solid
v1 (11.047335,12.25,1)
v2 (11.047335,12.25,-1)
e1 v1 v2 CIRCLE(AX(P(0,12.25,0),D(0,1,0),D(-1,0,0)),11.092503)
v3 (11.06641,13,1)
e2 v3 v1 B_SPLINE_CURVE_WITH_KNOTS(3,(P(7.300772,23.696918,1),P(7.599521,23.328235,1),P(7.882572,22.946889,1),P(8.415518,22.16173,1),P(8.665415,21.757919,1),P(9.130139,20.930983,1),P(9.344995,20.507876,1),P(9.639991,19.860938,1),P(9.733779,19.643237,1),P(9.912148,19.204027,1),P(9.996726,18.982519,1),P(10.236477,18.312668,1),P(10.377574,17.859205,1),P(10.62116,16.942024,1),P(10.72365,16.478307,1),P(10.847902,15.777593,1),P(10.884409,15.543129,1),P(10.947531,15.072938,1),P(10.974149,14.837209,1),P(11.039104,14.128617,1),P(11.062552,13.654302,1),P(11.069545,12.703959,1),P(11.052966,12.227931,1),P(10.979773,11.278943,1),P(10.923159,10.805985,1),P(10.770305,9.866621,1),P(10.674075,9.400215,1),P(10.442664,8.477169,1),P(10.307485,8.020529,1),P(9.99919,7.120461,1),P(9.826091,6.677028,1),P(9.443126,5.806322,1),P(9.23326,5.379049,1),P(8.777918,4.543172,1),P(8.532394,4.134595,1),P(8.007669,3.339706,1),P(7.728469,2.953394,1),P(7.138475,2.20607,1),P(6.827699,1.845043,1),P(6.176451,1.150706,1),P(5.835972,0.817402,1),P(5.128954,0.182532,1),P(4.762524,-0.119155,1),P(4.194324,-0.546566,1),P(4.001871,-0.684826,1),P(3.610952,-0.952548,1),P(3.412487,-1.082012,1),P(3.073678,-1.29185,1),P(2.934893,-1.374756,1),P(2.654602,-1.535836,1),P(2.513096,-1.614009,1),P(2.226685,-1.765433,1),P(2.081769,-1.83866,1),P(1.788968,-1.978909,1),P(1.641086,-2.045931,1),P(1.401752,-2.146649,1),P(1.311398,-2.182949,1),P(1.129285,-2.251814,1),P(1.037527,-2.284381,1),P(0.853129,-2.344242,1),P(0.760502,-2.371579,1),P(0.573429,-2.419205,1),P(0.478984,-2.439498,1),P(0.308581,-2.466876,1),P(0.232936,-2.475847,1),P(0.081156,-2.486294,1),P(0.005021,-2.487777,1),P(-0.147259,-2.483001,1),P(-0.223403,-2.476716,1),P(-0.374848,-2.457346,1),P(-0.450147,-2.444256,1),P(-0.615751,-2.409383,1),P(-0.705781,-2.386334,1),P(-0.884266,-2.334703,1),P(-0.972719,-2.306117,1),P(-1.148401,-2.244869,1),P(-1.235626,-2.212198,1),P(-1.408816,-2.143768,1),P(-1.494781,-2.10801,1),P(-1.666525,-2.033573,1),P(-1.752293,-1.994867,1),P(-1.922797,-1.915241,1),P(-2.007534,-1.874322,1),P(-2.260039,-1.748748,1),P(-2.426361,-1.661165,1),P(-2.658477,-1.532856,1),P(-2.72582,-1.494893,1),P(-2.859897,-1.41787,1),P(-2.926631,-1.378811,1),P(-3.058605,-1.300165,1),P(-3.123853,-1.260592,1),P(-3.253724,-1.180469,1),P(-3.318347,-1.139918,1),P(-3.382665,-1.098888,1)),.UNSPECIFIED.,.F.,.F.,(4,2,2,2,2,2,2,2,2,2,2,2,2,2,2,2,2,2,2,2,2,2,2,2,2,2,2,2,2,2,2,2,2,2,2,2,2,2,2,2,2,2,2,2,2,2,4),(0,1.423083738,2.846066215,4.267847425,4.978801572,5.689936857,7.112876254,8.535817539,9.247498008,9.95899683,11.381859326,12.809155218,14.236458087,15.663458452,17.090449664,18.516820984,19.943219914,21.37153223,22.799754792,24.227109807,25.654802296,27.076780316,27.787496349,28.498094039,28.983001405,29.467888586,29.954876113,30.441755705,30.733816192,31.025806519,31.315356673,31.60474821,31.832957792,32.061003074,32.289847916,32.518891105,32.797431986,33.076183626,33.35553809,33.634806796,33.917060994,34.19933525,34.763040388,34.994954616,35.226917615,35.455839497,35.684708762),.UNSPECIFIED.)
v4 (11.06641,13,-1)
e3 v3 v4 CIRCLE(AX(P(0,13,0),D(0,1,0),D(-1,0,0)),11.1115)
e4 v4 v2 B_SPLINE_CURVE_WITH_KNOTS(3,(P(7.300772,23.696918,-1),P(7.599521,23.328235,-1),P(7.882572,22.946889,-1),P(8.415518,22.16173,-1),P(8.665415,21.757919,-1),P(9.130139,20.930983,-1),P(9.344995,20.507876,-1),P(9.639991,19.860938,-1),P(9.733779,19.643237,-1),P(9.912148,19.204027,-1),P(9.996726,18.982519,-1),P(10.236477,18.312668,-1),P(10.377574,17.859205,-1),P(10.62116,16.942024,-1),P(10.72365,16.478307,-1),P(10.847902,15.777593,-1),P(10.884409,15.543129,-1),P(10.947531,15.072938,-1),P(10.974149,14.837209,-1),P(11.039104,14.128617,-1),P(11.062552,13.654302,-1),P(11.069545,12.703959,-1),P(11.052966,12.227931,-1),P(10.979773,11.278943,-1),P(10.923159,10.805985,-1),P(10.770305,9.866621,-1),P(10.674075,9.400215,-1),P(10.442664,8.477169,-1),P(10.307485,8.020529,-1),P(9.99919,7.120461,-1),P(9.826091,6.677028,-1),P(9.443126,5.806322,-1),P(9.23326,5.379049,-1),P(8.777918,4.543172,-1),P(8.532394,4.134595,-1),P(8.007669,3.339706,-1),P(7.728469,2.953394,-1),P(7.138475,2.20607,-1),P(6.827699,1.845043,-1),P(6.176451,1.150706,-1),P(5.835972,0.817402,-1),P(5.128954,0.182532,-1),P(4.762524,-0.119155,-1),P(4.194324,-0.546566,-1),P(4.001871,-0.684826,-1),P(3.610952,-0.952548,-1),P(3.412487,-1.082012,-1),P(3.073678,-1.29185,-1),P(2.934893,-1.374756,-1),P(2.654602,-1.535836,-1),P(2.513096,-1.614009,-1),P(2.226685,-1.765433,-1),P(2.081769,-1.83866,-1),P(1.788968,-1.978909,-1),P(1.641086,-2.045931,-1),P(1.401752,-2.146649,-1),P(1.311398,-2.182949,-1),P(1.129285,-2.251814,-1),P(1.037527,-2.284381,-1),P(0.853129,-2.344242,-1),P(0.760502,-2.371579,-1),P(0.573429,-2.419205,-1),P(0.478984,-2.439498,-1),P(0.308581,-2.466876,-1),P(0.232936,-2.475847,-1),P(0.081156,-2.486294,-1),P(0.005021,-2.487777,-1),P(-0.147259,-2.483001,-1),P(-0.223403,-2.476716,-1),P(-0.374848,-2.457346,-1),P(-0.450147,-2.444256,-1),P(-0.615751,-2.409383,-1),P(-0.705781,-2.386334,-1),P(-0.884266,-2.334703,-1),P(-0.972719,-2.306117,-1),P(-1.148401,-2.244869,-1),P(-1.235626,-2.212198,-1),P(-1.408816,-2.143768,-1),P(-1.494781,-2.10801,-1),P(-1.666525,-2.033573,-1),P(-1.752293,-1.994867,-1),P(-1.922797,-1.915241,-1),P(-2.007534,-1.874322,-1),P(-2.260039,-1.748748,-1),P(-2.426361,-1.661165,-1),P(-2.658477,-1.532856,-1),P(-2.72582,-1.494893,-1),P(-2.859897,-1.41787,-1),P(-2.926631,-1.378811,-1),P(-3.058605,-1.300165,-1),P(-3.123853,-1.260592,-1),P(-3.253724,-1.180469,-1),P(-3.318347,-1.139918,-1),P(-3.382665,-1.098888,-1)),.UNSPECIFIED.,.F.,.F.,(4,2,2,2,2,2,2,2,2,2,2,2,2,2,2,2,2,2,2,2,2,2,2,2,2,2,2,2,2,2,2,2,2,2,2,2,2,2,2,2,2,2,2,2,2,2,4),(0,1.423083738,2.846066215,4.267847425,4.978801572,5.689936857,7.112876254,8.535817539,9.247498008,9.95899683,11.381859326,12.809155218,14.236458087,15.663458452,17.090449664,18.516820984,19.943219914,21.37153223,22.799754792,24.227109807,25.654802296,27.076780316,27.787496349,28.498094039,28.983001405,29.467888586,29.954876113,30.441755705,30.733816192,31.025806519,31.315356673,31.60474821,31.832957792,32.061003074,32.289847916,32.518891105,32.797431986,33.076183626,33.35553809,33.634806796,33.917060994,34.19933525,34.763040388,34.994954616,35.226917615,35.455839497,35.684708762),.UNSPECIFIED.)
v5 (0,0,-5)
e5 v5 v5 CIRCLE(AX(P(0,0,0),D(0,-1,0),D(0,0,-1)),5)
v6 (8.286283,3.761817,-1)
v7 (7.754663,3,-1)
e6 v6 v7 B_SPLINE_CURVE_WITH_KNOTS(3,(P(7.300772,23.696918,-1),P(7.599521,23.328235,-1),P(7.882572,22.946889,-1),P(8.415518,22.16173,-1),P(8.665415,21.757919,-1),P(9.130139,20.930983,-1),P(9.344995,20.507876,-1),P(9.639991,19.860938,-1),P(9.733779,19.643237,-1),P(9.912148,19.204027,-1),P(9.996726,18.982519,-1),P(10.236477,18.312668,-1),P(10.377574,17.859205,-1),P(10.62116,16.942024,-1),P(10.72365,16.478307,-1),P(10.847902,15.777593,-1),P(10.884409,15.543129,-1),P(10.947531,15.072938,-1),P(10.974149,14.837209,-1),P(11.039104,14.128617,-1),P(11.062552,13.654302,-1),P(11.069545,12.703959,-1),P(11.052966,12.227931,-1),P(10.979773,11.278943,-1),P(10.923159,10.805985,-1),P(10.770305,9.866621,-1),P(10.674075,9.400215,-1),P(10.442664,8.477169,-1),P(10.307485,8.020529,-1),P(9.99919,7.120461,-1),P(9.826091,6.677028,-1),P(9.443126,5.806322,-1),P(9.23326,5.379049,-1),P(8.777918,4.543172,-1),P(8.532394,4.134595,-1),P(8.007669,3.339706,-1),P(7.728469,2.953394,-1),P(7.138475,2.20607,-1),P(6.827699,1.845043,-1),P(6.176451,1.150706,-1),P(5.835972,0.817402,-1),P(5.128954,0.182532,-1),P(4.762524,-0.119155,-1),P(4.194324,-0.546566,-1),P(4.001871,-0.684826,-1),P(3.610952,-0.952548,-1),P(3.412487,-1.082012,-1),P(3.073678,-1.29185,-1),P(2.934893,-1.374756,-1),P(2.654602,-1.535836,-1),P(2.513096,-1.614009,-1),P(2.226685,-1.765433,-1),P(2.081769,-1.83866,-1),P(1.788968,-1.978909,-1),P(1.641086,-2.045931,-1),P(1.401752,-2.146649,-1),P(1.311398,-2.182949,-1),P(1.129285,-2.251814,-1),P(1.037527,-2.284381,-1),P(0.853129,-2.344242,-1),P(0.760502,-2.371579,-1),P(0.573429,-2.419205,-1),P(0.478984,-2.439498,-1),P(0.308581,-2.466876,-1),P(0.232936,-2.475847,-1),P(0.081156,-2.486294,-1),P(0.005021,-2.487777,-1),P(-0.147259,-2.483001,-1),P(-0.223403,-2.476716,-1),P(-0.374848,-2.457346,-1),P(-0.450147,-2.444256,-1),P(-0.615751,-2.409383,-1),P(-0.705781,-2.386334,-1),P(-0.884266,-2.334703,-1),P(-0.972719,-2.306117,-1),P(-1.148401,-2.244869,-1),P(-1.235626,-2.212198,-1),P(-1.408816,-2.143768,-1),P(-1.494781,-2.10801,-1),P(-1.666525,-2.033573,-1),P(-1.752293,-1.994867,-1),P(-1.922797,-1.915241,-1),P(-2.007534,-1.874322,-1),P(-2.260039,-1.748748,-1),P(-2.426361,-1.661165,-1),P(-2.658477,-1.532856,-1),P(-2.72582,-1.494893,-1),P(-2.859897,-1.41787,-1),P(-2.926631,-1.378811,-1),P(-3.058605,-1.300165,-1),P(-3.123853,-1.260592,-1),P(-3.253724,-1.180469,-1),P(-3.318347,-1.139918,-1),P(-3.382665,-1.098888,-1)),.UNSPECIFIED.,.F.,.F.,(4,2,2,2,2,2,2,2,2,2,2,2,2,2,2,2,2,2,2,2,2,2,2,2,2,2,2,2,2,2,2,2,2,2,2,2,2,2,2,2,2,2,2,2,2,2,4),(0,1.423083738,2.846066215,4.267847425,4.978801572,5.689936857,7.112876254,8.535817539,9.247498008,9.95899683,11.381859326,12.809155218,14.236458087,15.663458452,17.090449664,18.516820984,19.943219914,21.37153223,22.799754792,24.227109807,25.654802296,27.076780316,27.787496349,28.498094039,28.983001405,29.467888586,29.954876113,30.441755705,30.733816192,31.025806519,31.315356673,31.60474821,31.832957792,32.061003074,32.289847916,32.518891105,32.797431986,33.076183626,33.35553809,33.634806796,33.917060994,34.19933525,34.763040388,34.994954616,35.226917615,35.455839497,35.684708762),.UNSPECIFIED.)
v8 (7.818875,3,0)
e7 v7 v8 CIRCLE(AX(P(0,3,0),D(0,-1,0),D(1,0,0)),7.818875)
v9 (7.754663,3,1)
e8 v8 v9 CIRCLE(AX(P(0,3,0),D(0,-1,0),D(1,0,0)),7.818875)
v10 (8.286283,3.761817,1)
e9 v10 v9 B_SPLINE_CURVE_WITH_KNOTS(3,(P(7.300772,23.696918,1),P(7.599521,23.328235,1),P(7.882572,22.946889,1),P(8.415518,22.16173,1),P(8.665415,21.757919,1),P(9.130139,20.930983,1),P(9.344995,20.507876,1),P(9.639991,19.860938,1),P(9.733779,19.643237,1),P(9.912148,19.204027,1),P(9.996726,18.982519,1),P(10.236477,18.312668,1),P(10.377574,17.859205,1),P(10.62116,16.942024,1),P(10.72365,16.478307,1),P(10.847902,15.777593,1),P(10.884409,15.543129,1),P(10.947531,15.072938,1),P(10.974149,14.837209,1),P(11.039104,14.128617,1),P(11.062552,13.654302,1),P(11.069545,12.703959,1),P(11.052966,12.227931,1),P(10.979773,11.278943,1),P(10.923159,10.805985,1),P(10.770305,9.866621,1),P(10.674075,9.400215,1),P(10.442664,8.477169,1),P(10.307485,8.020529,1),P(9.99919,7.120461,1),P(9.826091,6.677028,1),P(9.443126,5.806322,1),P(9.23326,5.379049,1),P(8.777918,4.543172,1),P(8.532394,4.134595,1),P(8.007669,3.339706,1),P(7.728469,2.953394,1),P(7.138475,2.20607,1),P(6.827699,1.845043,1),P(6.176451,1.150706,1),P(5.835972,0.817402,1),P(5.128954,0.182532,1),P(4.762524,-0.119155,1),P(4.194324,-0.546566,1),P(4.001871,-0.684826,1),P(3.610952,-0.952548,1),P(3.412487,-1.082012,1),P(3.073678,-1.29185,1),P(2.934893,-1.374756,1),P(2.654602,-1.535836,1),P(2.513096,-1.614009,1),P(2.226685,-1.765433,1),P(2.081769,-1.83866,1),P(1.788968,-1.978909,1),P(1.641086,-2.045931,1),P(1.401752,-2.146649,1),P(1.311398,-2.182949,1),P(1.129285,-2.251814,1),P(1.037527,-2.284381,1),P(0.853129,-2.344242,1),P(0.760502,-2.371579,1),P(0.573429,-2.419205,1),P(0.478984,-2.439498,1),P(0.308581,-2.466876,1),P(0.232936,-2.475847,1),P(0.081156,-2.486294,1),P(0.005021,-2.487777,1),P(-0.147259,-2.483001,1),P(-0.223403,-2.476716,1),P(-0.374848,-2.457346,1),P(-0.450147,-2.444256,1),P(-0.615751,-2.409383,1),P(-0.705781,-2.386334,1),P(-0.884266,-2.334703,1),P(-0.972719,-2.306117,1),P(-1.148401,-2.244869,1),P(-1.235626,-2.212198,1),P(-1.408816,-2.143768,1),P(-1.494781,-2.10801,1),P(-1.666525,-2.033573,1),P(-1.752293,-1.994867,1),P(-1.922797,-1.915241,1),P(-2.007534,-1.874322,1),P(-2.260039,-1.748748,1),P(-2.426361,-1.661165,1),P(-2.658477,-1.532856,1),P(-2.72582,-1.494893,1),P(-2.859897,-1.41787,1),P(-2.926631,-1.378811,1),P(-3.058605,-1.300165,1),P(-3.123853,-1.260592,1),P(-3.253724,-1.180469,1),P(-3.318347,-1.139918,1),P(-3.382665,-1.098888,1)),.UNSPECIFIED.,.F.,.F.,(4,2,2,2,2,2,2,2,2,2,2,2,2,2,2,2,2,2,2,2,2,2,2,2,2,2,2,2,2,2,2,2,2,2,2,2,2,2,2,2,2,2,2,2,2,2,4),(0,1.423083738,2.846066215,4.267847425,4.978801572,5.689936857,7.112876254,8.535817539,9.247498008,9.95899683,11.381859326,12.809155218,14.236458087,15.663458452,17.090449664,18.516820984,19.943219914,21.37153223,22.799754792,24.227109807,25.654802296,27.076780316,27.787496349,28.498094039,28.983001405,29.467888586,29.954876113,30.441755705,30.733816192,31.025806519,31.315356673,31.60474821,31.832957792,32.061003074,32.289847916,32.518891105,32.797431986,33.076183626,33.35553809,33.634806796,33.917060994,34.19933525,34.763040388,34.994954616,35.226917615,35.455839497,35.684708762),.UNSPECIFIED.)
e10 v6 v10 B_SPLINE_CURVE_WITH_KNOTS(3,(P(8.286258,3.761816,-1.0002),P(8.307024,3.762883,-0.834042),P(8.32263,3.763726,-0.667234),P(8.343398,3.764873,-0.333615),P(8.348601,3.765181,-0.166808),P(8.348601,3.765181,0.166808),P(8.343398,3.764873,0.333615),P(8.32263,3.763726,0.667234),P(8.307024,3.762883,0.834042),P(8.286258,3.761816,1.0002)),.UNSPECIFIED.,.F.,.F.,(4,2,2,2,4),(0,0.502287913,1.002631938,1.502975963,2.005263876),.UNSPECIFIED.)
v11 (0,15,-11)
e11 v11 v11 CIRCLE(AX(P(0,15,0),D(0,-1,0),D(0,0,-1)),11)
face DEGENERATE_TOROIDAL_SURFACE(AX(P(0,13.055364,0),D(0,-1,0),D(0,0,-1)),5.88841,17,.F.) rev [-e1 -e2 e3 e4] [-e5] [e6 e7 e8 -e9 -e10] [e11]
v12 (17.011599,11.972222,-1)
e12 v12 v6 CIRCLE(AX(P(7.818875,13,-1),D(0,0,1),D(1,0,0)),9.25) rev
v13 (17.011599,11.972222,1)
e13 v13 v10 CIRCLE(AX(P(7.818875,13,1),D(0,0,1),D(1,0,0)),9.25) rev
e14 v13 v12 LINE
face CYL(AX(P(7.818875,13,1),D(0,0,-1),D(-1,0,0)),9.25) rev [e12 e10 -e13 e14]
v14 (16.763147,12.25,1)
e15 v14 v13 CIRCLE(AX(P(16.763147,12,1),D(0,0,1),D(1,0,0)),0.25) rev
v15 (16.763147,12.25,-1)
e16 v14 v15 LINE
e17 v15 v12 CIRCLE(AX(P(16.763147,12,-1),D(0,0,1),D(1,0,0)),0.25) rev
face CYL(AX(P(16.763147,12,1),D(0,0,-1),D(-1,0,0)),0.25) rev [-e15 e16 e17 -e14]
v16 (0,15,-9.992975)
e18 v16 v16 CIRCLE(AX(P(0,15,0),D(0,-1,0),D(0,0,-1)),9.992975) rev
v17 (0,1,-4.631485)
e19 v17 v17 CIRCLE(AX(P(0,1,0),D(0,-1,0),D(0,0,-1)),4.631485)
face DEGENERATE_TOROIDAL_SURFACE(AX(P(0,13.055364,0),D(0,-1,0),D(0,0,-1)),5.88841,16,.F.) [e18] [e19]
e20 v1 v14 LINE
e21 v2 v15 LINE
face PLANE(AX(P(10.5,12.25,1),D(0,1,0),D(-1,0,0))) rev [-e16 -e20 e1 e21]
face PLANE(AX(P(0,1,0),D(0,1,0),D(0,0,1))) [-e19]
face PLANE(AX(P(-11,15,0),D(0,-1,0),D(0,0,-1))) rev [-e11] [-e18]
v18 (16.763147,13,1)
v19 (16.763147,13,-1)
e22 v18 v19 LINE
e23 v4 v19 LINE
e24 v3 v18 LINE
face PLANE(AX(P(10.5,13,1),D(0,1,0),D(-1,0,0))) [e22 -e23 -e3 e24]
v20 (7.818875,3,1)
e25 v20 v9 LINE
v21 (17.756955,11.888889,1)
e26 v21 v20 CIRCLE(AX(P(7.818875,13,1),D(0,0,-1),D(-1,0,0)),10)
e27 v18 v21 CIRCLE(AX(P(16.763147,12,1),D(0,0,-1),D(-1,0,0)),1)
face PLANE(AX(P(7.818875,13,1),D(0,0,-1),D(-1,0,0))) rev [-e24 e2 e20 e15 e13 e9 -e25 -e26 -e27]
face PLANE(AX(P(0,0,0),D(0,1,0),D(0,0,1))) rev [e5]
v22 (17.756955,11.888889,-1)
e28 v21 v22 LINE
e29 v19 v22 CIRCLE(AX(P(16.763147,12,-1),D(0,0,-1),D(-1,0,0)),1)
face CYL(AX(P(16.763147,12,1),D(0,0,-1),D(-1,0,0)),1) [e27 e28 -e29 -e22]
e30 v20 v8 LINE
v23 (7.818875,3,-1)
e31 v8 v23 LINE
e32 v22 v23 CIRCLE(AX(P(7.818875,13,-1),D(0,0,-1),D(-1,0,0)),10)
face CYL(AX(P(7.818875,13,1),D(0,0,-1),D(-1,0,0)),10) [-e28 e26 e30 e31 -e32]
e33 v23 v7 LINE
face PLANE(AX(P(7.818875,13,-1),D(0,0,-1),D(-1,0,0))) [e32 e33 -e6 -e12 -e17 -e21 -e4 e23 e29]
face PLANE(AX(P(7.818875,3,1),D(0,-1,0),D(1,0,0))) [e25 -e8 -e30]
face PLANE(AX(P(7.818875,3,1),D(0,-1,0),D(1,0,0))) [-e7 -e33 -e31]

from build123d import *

# Parameters (mm, degrees)
EXTRUDE_THIN1_DEPTH = 1


with BuildPart() as part:
    # Sketch1 → Revolve1 (revolve)
    with BuildSketch(Plane.XY):
        with BuildLine():
            Line((0, 0), (0, 15))
            Line((0, 15), (-11, 15))
            ThreePointArc((-11, 15), (-9.895693792, 6.741722483), (-5, 0))
            Line((-5, 0), (0, 0))
        make_face()
    revolve(axis=Axis((0, 0, 0), (0, 1, 0)))

    # Sketch2 → Cut-Revolve1 (revolve, cut)
    with BuildSketch(Plane.XY):
        with BuildLine():
            Line((-4.631485449, 1), (0, 1))
            Line((0, 1), (0, 15))
            Line((0, 15), (-9.990391357, 15.020985748))
            ThreePointArc((-9.990391357, 15.020985748), (-9.998621935, 14.953314924), (-10.00656412, 14.885609646))
            ThreePointArc((-10.00656412, 14.885609646), (-9.032678183, 7.279454631), (-4.631485449, 1))
        make_face()
    revolve(axis=Axis((0, 0, 0), (0, 1, 0)), mode=Mode.SUBTRACT)

    # Sketch4 → Extrude-Thin1 (add, symmetric)
    with BuildSketch(Plane.XY):
        with BuildLine():
            Line((10.5, 13), (16.763146706, 13))
            ThreePointArc((16.763146706, 13), (17.508502699, 12.666666667), (17.756954696, 11.888888889))
            ThreePointArc((17.756954696, 11.888888889), (14.485541463, 5.546440075), (7.818874796, 3))
            Line((7.818874796, 3), (7.314252508, 3))
            Line((7.314252508, 3), (7.314252508, 3.75))
            Line((7.314252508, 3.75), (7.818874796, 3.75))
            ThreePointArc((7.818874796, 3.75), (13.985541463, 6.105457069), (17.011598704, 11.972222222))
            ThreePointArc((17.011598704, 11.972222222), (16.949485704, 12.166666667), (16.763146706, 12.25))
            Line((16.763146706, 12.25), (10.5, 12.25))
            Line((10.5, 12.25), (10.5, 13))
        make_face()
    extrude(amount=EXTRUDE_THIN1_DEPTH, both=True)


solid = part.part
